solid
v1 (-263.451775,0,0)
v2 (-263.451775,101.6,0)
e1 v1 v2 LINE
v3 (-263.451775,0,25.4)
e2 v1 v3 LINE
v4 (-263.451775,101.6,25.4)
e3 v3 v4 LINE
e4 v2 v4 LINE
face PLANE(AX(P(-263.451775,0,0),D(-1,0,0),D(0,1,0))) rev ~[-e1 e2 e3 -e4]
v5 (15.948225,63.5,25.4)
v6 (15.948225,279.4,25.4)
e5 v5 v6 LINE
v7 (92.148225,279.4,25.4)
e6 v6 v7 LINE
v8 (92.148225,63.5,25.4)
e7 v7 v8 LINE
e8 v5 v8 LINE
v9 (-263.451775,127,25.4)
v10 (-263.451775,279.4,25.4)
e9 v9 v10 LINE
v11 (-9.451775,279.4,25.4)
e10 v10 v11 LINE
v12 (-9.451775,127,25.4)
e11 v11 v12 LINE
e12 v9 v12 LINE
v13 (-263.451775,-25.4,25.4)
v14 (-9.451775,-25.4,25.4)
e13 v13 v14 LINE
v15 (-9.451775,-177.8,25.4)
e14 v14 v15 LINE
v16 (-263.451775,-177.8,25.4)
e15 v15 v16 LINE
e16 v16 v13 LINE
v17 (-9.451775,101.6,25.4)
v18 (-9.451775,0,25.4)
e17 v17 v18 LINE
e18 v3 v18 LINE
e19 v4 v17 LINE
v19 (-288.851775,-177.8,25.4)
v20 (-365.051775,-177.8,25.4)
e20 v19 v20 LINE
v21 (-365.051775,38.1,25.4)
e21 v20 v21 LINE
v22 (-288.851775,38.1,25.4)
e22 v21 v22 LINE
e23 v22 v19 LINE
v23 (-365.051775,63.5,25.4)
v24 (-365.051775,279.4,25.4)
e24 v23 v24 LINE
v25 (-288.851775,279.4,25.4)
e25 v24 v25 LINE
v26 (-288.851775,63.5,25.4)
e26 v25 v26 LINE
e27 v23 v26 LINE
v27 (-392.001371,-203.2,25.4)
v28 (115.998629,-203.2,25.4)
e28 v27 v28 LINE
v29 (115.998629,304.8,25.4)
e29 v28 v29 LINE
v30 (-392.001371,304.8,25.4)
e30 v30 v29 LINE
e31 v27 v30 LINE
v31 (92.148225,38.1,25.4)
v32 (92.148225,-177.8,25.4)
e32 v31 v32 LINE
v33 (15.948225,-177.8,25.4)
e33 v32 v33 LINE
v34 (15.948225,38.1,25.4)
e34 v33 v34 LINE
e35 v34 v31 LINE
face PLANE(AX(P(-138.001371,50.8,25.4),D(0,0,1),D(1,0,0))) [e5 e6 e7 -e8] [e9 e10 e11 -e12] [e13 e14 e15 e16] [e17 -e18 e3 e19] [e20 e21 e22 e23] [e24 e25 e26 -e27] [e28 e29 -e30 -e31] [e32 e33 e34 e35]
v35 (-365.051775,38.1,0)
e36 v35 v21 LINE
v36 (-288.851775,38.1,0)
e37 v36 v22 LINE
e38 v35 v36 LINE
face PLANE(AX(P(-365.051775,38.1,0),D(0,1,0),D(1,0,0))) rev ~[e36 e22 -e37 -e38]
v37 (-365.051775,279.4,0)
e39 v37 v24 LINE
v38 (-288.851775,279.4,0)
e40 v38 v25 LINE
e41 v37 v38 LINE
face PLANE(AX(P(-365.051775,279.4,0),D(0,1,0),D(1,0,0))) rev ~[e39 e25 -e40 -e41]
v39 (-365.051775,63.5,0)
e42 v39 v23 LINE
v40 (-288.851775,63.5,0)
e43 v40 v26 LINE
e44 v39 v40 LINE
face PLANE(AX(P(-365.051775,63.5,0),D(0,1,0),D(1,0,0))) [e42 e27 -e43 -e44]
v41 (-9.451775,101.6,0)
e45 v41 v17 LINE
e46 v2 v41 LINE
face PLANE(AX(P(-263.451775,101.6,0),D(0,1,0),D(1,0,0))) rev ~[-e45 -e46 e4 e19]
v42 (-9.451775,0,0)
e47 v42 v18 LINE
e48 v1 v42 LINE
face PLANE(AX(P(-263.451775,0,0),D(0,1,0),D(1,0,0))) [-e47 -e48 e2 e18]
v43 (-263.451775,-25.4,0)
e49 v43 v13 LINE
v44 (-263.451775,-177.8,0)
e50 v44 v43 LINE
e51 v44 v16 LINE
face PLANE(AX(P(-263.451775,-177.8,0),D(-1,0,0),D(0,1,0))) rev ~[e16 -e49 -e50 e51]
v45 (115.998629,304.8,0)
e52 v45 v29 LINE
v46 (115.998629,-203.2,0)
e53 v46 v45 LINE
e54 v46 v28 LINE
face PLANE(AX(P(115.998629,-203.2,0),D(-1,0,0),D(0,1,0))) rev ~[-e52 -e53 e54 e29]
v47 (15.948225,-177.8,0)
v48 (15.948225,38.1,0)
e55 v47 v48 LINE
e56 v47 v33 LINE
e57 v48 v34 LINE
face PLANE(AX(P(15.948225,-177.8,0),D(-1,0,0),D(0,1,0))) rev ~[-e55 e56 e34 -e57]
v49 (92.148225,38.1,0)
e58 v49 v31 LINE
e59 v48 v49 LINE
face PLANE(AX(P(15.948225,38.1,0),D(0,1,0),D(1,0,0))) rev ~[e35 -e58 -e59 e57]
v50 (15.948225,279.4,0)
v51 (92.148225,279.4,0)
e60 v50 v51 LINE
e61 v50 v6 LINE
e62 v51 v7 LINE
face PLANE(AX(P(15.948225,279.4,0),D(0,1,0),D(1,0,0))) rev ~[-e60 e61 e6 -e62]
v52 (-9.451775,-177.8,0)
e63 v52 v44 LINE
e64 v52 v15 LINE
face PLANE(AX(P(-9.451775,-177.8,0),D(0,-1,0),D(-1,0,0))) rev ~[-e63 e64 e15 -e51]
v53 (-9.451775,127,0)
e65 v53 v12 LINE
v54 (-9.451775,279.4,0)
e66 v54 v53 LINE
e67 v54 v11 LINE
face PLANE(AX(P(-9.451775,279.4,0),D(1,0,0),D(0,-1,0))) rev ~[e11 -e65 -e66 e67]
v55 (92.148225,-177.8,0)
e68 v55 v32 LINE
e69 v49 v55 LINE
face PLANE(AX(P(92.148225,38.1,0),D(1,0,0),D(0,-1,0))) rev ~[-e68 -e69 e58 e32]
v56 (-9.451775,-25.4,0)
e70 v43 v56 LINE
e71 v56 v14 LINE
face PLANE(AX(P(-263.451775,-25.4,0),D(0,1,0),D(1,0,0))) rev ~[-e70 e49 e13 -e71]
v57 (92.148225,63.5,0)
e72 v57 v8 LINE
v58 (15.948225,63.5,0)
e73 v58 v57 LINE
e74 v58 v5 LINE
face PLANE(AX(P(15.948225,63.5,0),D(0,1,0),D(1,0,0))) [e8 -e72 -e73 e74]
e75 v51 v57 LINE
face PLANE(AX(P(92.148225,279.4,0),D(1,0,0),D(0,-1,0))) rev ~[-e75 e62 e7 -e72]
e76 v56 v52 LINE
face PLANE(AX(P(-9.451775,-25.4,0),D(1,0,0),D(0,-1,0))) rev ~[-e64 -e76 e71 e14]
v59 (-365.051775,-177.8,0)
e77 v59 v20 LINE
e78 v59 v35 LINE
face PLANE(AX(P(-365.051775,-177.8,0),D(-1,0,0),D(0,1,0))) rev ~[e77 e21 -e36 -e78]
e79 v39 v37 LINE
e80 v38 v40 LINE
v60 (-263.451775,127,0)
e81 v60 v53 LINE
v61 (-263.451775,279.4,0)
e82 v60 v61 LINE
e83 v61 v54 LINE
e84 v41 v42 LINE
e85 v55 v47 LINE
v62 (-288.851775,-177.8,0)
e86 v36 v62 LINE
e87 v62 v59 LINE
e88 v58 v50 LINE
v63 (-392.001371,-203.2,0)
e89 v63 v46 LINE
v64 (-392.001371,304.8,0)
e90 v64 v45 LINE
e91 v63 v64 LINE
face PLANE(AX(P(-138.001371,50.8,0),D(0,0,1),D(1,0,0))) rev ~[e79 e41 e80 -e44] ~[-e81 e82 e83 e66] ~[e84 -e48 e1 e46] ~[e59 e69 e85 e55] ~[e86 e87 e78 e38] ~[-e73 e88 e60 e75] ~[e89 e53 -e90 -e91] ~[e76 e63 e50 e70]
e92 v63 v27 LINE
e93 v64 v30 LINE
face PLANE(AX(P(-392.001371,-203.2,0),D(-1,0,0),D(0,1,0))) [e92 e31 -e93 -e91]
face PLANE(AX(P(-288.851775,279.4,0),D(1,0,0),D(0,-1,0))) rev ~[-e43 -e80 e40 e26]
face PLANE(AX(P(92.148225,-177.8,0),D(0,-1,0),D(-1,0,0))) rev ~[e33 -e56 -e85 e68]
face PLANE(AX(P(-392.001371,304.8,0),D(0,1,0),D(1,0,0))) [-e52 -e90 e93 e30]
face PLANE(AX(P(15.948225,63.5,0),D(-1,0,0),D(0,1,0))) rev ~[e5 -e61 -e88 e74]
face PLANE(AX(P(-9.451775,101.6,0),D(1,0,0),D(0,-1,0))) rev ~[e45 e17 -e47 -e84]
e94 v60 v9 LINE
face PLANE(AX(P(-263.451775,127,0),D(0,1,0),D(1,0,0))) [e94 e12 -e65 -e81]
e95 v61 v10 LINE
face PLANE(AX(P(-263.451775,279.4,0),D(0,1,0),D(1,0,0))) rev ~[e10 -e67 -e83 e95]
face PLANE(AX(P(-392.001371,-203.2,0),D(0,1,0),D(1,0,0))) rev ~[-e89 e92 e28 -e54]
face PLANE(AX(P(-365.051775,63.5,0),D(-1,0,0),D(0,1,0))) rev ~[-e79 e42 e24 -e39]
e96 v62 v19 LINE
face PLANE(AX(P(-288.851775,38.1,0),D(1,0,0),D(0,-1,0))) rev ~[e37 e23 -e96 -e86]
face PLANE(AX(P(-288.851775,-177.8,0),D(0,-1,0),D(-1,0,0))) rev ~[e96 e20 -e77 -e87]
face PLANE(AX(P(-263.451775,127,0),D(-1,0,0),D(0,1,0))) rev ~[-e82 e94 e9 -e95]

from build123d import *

# Parameters (mm, degrees)
F0_W     = 508
F0_H     = 508
F0_W_2   = 254
F0_H_2   = 25.4
F0_W_3   = 76.2
F1_DEPTH = 25.4


with BuildPart() as f1:
    # F0 (on Top) → F1 (new body)
    with BuildSketch(Plane.XY):
        with Locations((-138.001371, 50.8)):
            Rectangle(F0_W, F0_H)
        Polygon((-365.051775, 63.5), (-365.051775, 279.4), (-288.851775, 279.4), (-263.451775, 279.4), (-9.451775, 279.4), (15.948225, 279.4), (92.148225, 279.4), (92.148225, 63.5), (92.148225, 38.1), (92.148225, -177.8), (15.948225, -177.8), (-9.451775, -177.8), (-263.451775, -177.8), (-288.851775, -177.8), (-365.051775, -177.8), (-365.051775, 38.1), align=None, mode=Mode.SUBTRACT)
        Polygon((15.948225, 279.4), (-9.451775, 279.4), (-9.451775, 127), (-9.451775, 101.6), (-9.451775, 0), (-9.451775, -25.4), (-9.451775, -177.8), (15.948225, -177.8), (15.948225, 38.1), (15.948225, 63.5), align=None)
        with Locations((-136.451775, 114.3)):
            Rectangle(F0_W_2, F0_H_2)
        with Locations((-136.451775, -12.7)):
            Rectangle(F0_W_2, F0_H_2)
        with Locations((54.048225, 50.8)):
            Rectangle(F0_W_3, F0_H_2)
        with Locations((-326.951775, 50.8)):
            Rectangle(F0_W_3, F0_H_2)
        Polygon((-263.451775, 279.4), (-288.851775, 279.4), (-288.851775, 63.5), (-288.851775, 38.1), (-288.851775, -177.8), (-263.451775, -177.8), (-263.451775, -25.4), (-263.451775, 0), (-263.451775, 101.6), (-263.451775, 127), align=None)
    extrude(amount=F1_DEPTH)


solid = f1.part
